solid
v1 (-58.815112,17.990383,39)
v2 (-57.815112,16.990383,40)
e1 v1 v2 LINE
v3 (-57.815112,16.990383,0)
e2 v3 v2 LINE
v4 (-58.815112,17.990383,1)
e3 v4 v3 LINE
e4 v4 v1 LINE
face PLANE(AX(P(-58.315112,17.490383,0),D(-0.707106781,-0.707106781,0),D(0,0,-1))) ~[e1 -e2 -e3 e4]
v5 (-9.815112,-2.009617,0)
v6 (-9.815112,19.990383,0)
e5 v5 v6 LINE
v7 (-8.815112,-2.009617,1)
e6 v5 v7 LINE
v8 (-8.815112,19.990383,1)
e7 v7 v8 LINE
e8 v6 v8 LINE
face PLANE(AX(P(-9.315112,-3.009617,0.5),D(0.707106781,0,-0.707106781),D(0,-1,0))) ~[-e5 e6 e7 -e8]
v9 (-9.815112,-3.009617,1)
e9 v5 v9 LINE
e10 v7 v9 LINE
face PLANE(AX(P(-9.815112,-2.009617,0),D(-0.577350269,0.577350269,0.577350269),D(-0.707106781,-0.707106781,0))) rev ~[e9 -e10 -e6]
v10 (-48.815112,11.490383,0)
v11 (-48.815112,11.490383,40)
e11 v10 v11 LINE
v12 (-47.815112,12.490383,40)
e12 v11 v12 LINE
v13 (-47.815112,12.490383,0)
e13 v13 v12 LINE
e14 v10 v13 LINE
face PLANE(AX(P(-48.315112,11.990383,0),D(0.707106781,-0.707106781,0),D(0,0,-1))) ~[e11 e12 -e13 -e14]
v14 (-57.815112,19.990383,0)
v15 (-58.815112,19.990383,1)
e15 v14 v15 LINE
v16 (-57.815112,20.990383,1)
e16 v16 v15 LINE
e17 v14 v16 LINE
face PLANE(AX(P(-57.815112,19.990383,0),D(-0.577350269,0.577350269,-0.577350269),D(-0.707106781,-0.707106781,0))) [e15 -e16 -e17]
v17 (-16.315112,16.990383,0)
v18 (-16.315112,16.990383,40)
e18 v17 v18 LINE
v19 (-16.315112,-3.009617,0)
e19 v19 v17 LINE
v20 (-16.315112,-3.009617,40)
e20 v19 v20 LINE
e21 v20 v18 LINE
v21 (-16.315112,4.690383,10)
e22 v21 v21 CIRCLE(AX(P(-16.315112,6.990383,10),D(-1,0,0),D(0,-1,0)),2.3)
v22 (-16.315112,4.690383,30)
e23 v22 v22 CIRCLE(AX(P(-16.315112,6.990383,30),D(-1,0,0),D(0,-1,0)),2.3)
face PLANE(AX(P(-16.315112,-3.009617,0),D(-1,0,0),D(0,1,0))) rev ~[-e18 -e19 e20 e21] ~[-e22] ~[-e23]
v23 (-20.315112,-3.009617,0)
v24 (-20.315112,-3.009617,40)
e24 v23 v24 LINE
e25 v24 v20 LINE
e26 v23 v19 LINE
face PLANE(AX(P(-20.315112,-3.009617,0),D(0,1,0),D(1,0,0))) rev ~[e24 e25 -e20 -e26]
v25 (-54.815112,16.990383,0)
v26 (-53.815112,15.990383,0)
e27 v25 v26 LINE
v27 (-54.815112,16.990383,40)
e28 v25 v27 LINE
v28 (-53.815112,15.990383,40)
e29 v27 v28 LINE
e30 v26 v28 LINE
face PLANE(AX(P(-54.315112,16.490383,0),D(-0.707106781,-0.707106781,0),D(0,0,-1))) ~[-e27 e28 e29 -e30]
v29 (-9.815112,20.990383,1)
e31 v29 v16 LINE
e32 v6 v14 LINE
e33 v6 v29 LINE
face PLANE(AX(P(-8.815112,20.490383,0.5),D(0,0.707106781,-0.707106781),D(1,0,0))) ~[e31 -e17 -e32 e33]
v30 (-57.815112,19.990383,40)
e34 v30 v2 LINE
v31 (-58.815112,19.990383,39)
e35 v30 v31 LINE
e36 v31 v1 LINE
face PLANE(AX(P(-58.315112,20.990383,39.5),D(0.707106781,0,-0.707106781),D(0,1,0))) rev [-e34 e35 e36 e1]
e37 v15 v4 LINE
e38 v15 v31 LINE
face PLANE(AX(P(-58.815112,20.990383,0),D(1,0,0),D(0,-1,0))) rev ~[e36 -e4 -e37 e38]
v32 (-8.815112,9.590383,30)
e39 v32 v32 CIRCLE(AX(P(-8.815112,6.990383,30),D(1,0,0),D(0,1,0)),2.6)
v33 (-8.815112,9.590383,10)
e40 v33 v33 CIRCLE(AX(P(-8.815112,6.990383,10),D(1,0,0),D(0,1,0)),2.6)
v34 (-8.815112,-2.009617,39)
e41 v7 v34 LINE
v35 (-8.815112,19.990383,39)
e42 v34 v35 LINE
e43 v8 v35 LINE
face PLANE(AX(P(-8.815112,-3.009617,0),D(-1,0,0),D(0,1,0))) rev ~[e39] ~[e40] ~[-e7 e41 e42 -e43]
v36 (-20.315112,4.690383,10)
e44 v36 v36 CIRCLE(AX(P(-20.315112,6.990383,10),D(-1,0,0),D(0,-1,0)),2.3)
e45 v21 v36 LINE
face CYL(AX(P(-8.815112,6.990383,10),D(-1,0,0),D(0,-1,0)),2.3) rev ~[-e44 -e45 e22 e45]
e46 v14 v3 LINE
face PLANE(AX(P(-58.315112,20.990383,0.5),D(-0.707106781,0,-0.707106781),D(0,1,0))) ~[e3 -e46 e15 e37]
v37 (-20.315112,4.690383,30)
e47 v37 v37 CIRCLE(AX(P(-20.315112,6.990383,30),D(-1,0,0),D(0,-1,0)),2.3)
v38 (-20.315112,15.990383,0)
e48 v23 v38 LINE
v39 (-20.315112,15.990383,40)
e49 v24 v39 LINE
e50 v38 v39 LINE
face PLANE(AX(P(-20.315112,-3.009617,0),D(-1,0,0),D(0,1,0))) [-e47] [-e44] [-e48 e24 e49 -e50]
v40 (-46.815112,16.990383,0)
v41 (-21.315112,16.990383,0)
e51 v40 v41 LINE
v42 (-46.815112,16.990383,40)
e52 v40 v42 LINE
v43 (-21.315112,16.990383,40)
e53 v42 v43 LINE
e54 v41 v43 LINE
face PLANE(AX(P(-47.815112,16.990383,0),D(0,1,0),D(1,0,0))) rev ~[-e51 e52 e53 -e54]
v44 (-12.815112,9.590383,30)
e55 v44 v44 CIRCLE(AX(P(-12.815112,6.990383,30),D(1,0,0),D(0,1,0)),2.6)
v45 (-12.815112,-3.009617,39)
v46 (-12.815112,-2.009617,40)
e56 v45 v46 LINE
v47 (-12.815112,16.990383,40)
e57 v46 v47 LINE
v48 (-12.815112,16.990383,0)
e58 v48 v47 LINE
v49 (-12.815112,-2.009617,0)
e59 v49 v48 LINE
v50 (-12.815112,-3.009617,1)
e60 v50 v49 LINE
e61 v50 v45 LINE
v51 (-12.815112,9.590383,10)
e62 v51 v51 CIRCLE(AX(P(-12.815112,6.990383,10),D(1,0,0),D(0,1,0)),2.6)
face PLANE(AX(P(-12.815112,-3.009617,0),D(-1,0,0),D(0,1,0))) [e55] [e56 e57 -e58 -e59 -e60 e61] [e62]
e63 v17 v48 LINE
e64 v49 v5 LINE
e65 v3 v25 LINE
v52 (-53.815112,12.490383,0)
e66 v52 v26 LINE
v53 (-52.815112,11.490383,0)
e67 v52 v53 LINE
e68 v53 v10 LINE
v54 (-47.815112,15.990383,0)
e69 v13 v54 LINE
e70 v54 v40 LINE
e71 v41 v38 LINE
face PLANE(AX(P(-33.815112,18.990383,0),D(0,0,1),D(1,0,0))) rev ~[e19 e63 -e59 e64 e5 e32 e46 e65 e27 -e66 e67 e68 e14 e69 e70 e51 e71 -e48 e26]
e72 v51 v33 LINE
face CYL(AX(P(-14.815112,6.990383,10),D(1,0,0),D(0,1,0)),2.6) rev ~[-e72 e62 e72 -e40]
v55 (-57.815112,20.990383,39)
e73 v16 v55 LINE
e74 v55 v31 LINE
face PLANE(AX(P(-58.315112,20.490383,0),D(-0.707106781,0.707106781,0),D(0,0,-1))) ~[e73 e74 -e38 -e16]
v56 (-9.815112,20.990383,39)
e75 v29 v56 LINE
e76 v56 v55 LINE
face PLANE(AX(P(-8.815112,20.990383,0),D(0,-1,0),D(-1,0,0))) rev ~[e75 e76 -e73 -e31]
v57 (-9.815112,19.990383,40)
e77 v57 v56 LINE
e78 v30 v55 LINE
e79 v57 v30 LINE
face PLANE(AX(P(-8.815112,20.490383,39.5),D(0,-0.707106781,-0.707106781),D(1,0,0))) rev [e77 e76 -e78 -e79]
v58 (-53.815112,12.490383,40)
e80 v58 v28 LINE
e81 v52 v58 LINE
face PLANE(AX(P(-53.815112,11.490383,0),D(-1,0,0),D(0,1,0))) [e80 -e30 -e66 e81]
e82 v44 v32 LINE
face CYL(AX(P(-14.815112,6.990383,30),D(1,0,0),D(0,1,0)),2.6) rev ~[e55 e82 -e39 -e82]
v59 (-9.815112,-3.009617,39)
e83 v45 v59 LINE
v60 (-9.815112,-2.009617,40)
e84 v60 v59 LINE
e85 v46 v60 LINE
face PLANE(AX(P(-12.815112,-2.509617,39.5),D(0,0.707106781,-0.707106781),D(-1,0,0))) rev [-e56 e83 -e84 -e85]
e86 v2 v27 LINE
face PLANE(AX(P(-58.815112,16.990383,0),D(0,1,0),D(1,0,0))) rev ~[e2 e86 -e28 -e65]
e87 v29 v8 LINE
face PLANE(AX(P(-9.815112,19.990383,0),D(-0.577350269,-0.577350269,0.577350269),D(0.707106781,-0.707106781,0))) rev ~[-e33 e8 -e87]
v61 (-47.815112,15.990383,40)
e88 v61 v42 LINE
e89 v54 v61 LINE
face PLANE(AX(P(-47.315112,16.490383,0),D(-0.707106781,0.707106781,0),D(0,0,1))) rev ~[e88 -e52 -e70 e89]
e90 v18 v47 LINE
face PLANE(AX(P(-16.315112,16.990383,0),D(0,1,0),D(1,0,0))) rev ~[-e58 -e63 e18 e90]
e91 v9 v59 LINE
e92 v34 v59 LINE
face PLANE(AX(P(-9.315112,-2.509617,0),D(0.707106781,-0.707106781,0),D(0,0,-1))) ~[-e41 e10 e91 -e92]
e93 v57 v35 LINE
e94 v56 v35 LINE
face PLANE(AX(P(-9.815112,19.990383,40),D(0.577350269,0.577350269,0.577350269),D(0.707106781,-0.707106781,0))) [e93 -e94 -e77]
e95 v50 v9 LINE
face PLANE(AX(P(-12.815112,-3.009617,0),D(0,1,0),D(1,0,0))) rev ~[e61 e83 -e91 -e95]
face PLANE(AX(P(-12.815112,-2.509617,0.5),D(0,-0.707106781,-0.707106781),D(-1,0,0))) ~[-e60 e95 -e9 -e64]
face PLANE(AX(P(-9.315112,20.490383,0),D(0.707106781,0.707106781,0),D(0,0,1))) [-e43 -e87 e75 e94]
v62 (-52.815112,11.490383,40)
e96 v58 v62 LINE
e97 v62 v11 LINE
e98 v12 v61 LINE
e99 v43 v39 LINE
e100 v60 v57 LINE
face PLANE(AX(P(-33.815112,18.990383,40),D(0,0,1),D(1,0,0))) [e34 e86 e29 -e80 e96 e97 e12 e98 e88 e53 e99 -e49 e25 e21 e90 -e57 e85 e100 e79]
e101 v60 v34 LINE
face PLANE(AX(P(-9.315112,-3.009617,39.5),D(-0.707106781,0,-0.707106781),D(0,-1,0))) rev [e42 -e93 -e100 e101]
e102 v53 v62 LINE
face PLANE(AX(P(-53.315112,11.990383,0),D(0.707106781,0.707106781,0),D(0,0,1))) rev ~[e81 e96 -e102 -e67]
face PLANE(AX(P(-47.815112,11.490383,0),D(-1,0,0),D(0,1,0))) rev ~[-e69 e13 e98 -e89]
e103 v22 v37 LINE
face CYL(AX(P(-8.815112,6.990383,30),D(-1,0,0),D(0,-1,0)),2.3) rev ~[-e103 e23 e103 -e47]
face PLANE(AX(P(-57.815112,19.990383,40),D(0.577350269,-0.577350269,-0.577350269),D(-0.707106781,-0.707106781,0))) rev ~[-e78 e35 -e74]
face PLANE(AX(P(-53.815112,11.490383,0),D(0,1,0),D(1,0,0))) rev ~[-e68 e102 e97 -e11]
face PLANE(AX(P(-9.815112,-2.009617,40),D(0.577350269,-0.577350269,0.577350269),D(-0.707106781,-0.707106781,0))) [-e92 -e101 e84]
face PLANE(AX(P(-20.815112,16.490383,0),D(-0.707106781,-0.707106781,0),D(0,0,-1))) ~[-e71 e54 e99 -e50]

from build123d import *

# Parameters (mm, degrees)
F0_W           = 4
F0_H           = 20
F0_W_2         = 6
F0_H_2         = 5.5
F1_DEPTH       = 40
F2_SIZE        = 1
F4_D           = 4.6
F4_DEPTH       = 12
F4_CBORE_D     = 5.2
F4_CBORE_DEPTH = 6


with BuildPart() as f1:
    # F0 (on Top) → F1 (new body)
    with BuildSketch(Plane.XY):
        Polygon((-8.815112, 20.990383), (-58.815112, 20.990383), (-58.815112, 16.990383), (-53.815112, 16.990383), (-47.815112, 16.990383), (-20.315112, 16.990383), (-16.315112, 16.990383), (-12.815112, 16.990383), (-8.815112, 16.990383), align=None)
        with Locations((-10.815112, 6.990383)):
            Rectangle(F0_W, F0_H)
        with Locations((-50.815112, 14.240383)):
            Rectangle(F0_W_2, F0_H_2)
        with Locations((-18.315112, 6.990383)):
            Rectangle(F0_W, F0_H)
    extrude(amount=F1_DEPTH)

    # F2
    f2_edges = [f1.edges().sort_by_distance(p)[0] for p in [
        (-47.815112, 16.990383, 20),
        (-53.815112, 16.990383, 20),
        (-53.815112, 11.490383, 20),
        (-58.815112, 16.990383, 20),
        (-58.815112, 20.990383, 20),
        (-8.815112, 20.990383, 20),
        (-8.815112, -3.009617, 20),
        (-33.815112, 20.990383, 40),
        (-33.815112, 20.990383, 0),
        (-20.315112, 16.990383, 20),
        (-8.815112, 8.990383, 40),
        (-8.815112, 8.990383, 0),
        (-58.815112, 18.990383, 40),
        (-58.815112, 18.990383, 0),
        (-47.815112, 11.490383, 20),
        (-10.815112, -3.009617, 0),
        (-10.815112, -3.009617, 40),
    ]]
    chamfer(f2_edges, length=F2_SIZE)

    # F4
    with Locations(Plane.YZ.offset(-8.815112)):
        with Locations((6.990383, 10), (6.990383, 30)):
            CounterBoreHole(F4_D / 2, F4_CBORE_D / 2, F4_CBORE_DEPTH, depth=F4_DEPTH)


solid = f1.part
